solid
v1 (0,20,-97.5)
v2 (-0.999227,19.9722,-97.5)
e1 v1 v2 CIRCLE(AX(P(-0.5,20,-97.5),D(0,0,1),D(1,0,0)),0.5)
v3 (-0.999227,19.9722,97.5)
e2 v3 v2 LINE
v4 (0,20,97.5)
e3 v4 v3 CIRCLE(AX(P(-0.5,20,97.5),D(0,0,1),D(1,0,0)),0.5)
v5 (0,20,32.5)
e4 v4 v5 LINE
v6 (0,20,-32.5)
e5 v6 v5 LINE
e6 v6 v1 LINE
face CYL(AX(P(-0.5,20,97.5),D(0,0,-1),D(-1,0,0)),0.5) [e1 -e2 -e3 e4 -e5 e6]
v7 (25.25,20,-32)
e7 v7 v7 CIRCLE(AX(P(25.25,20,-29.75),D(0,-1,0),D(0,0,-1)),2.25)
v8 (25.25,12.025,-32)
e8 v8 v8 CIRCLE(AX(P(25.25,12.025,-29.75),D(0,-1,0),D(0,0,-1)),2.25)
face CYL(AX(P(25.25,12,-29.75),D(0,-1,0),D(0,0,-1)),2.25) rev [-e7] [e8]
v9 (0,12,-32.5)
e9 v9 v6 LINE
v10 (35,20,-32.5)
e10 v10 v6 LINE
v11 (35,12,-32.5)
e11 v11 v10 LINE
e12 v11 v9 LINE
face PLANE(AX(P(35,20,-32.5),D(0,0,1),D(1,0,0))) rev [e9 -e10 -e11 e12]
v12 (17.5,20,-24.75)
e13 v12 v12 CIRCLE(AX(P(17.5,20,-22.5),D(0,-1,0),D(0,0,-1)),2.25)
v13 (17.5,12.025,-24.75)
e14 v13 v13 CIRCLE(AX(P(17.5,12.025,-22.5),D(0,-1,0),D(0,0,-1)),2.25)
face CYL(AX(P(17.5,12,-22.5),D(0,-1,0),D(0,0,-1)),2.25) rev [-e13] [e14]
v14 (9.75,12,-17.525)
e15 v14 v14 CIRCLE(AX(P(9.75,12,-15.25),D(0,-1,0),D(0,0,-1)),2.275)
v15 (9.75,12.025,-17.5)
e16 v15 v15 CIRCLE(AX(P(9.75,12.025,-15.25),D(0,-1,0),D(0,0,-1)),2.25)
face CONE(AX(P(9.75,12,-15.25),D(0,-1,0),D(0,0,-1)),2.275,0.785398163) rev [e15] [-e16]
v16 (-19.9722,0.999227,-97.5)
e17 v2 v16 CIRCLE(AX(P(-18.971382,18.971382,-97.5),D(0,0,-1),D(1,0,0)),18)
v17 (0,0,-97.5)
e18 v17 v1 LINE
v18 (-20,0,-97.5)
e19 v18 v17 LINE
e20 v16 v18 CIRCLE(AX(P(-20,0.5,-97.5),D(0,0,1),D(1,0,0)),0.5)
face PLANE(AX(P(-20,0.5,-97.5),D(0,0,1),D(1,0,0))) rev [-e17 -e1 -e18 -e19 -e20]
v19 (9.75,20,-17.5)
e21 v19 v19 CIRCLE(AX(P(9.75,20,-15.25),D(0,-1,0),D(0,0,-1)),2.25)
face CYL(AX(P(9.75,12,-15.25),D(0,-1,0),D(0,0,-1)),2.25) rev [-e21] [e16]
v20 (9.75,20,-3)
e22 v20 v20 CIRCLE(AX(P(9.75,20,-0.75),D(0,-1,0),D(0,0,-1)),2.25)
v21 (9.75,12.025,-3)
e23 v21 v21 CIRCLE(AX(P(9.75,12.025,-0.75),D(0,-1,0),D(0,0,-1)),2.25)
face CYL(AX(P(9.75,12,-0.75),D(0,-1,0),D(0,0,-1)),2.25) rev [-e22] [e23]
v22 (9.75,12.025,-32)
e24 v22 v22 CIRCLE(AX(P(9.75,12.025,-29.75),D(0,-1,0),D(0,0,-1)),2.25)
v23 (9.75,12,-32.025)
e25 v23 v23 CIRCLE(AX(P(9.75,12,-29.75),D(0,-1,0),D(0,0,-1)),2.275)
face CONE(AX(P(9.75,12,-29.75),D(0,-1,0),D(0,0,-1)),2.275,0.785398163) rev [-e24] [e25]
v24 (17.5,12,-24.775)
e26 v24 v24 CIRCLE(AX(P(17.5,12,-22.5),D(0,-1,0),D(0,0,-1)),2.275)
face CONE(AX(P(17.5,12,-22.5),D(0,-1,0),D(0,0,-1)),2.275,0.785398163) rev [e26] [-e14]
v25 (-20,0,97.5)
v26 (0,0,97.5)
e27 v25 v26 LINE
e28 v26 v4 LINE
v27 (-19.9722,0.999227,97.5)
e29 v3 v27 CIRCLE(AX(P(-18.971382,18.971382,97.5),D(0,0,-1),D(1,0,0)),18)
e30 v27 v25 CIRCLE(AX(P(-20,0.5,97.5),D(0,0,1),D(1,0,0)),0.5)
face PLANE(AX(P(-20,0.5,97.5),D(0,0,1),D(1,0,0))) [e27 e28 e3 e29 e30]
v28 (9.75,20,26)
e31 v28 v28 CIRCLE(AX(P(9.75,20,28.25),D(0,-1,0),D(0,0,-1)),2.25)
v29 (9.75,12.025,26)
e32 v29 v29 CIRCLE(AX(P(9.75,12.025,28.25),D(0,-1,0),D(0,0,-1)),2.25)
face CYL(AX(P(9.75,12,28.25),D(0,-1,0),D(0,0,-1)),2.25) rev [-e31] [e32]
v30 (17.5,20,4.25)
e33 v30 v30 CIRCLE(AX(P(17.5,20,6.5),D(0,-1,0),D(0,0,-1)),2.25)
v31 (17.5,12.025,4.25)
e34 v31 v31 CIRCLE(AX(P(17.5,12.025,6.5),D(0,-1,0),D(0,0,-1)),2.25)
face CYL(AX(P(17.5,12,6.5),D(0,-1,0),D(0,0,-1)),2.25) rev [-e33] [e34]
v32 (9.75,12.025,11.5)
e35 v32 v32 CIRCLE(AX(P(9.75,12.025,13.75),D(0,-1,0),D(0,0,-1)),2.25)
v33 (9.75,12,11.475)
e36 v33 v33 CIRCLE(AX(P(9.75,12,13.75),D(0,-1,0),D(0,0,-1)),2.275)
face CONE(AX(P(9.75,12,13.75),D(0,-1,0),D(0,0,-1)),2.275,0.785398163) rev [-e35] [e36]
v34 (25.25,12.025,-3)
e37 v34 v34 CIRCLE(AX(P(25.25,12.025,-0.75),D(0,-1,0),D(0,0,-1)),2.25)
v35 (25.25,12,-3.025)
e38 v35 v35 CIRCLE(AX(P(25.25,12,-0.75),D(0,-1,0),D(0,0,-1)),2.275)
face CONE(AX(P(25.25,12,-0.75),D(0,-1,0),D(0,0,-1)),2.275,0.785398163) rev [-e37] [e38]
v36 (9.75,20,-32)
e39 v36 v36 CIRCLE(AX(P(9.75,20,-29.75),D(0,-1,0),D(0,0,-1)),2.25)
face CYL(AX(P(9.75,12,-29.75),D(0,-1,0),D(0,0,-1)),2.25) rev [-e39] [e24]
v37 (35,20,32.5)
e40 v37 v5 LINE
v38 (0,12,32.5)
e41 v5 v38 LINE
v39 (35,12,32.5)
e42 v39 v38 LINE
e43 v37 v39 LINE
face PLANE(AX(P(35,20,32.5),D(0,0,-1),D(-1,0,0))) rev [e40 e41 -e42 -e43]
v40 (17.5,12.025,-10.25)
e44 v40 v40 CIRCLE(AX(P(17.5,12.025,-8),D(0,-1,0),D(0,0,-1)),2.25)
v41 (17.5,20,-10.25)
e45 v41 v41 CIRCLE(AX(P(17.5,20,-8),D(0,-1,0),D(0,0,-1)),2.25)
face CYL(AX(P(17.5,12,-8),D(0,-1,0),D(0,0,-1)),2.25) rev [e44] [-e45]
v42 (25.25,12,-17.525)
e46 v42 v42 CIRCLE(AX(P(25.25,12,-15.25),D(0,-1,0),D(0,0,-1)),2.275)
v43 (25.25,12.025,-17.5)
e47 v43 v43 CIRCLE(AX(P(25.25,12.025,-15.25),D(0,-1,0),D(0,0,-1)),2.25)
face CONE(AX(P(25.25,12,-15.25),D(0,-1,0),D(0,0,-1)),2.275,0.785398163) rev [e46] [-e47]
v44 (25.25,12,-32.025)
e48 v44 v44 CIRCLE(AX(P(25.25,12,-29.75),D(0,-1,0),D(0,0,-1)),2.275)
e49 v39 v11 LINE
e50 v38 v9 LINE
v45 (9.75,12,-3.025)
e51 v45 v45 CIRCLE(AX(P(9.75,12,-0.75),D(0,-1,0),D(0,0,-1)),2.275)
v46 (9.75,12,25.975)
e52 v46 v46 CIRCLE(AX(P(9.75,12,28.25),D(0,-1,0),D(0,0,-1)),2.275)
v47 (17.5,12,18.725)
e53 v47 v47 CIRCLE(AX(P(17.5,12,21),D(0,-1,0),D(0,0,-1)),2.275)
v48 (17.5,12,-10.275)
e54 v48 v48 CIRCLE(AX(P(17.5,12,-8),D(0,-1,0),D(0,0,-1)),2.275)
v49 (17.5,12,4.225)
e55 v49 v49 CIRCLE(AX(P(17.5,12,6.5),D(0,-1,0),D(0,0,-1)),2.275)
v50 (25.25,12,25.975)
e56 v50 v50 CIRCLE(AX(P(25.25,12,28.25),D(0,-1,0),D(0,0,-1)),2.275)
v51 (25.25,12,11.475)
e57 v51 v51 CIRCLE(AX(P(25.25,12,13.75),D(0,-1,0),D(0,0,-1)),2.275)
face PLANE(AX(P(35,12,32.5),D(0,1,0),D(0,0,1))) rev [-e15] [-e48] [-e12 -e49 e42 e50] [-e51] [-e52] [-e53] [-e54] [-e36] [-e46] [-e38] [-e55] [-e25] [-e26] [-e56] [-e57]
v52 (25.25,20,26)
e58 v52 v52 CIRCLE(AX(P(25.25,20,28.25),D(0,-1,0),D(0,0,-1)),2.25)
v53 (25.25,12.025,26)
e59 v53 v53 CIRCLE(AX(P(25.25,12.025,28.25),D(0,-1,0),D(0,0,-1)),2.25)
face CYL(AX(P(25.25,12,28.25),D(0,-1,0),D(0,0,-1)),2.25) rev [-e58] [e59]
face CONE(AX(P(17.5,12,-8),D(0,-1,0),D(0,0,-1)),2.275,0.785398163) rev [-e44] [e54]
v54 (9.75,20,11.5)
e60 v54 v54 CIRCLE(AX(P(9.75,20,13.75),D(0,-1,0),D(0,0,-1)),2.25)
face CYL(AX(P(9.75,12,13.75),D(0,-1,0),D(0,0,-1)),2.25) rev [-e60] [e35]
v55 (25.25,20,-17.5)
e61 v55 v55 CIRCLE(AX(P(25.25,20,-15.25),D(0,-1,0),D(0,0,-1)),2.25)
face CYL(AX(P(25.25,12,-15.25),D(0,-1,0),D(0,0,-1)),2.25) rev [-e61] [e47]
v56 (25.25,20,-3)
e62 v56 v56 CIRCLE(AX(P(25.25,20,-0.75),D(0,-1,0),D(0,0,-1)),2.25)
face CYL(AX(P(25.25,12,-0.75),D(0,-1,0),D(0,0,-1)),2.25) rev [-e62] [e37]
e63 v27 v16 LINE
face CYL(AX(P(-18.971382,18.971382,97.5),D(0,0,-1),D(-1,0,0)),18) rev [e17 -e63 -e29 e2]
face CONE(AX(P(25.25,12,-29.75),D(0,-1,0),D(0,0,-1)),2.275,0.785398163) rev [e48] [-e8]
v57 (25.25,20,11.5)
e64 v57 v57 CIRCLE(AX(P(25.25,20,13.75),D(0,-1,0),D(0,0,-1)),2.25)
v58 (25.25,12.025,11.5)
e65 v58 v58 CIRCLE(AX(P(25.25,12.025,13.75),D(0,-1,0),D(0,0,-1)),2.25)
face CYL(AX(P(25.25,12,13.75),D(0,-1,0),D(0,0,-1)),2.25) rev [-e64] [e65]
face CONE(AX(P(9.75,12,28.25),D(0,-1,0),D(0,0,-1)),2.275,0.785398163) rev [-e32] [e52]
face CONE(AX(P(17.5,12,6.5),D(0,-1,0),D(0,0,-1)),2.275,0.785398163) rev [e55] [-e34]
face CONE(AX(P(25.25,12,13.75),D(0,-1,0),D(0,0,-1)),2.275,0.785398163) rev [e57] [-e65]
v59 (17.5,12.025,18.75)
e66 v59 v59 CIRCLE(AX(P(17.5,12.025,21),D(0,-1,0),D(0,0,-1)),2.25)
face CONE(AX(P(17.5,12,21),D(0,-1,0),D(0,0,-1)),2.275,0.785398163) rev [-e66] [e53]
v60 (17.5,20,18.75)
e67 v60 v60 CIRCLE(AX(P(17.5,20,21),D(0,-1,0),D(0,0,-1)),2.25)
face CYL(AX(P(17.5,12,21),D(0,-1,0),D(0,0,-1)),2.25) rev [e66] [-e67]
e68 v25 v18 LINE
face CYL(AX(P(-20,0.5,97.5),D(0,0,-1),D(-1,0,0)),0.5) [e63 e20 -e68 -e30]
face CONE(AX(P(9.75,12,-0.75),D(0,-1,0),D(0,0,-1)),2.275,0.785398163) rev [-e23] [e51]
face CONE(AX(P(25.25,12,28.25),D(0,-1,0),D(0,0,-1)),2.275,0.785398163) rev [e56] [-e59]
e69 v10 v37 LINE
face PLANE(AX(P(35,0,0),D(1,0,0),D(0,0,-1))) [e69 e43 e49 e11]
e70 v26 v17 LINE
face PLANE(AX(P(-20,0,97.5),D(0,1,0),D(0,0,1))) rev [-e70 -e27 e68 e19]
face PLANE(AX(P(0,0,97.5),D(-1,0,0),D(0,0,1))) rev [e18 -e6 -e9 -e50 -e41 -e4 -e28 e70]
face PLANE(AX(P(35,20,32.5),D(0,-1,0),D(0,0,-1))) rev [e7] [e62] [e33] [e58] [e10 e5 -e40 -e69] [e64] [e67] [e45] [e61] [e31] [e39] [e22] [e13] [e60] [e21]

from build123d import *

# Parameters (mm, degrees)
SALIENTE_EXTRUIR1_DEPTH                = 97.5
CROQUIS2_W                             = 65
CROQUIS2_H                             = 8
SALIENTE_EXTRUIR2_DEPTH                = 35
TALADRO_DE_MARGEN_PARA_M41_D           = 4.5
TALADRO_DE_MARGEN_PARA_M41_CSINK_D     = 4.55
TALADRO_DE_MARGEN_PARA_M41_CSINK_ANGLE = 90


with BuildPart() as part:
    # Croquis1 → Saliente-Extruir1 (new, symmetric)
    with BuildSketch(Plane.XY):
        with BuildLine():
            Line((-20, 0), (0, 0))
            Line((0, 0), (0, 20))
            ThreePointArc((0, 20), (-0.513905625, 20.499806596), (-0.999226534, 19.972199507))
            ThreePointArc((-0.999226534, 19.972199507), (-6.24345971, 6.24345971), (-19.972199507, 0.999226534))
            ThreePointArc((-19.972199507, 0.999226534), (-20.499806596, 0.513905625), (-20, 0))
        make_face()
    extrude(amount=SALIENTE_EXTRUIR1_DEPTH, both=True)

    # Croquis2 → Saliente-Extruir2 (add)
    with BuildSketch(Plane(origin=(0, 0, 0), x_dir=(0, 0, -1), z_dir=(1, 0, 0))):
        with Locations((0, 16)):
            Rectangle(CROQUIS2_W, CROQUIS2_H)
    extrude(amount=SALIENTE_EXTRUIR2_DEPTH)

    # Taladro de margen para M41 (through all)
    with Locations(Plane(origin=(0, 12, 0), x_dir=(-1, 0, 0), z_dir=(0, -1, 0))):
        with Locations((-9.75, -28.25), (-25.25, -28.25), (-25.25, -13.75), (-17.5, -21), (-9.75, -13.75), (-9.75, 0.75), (-25.25, 0.75), (-17.5, -6.5), (-17.5, 8), (-9.75, 15.25), (-25.25, 15.25), (-9.75, 29.75), (-17.5, 22.5), (-25.25, 29.75)):
            CounterSinkHole(TALADRO_DE_MARGEN_PARA_M41_D / 2, TALADRO_DE_MARGEN_PARA_M41_CSINK_D / 2, counter_sink_angle=TALADRO_DE_MARGEN_PARA_M41_CSINK_ANGLE)


solid = part.part
